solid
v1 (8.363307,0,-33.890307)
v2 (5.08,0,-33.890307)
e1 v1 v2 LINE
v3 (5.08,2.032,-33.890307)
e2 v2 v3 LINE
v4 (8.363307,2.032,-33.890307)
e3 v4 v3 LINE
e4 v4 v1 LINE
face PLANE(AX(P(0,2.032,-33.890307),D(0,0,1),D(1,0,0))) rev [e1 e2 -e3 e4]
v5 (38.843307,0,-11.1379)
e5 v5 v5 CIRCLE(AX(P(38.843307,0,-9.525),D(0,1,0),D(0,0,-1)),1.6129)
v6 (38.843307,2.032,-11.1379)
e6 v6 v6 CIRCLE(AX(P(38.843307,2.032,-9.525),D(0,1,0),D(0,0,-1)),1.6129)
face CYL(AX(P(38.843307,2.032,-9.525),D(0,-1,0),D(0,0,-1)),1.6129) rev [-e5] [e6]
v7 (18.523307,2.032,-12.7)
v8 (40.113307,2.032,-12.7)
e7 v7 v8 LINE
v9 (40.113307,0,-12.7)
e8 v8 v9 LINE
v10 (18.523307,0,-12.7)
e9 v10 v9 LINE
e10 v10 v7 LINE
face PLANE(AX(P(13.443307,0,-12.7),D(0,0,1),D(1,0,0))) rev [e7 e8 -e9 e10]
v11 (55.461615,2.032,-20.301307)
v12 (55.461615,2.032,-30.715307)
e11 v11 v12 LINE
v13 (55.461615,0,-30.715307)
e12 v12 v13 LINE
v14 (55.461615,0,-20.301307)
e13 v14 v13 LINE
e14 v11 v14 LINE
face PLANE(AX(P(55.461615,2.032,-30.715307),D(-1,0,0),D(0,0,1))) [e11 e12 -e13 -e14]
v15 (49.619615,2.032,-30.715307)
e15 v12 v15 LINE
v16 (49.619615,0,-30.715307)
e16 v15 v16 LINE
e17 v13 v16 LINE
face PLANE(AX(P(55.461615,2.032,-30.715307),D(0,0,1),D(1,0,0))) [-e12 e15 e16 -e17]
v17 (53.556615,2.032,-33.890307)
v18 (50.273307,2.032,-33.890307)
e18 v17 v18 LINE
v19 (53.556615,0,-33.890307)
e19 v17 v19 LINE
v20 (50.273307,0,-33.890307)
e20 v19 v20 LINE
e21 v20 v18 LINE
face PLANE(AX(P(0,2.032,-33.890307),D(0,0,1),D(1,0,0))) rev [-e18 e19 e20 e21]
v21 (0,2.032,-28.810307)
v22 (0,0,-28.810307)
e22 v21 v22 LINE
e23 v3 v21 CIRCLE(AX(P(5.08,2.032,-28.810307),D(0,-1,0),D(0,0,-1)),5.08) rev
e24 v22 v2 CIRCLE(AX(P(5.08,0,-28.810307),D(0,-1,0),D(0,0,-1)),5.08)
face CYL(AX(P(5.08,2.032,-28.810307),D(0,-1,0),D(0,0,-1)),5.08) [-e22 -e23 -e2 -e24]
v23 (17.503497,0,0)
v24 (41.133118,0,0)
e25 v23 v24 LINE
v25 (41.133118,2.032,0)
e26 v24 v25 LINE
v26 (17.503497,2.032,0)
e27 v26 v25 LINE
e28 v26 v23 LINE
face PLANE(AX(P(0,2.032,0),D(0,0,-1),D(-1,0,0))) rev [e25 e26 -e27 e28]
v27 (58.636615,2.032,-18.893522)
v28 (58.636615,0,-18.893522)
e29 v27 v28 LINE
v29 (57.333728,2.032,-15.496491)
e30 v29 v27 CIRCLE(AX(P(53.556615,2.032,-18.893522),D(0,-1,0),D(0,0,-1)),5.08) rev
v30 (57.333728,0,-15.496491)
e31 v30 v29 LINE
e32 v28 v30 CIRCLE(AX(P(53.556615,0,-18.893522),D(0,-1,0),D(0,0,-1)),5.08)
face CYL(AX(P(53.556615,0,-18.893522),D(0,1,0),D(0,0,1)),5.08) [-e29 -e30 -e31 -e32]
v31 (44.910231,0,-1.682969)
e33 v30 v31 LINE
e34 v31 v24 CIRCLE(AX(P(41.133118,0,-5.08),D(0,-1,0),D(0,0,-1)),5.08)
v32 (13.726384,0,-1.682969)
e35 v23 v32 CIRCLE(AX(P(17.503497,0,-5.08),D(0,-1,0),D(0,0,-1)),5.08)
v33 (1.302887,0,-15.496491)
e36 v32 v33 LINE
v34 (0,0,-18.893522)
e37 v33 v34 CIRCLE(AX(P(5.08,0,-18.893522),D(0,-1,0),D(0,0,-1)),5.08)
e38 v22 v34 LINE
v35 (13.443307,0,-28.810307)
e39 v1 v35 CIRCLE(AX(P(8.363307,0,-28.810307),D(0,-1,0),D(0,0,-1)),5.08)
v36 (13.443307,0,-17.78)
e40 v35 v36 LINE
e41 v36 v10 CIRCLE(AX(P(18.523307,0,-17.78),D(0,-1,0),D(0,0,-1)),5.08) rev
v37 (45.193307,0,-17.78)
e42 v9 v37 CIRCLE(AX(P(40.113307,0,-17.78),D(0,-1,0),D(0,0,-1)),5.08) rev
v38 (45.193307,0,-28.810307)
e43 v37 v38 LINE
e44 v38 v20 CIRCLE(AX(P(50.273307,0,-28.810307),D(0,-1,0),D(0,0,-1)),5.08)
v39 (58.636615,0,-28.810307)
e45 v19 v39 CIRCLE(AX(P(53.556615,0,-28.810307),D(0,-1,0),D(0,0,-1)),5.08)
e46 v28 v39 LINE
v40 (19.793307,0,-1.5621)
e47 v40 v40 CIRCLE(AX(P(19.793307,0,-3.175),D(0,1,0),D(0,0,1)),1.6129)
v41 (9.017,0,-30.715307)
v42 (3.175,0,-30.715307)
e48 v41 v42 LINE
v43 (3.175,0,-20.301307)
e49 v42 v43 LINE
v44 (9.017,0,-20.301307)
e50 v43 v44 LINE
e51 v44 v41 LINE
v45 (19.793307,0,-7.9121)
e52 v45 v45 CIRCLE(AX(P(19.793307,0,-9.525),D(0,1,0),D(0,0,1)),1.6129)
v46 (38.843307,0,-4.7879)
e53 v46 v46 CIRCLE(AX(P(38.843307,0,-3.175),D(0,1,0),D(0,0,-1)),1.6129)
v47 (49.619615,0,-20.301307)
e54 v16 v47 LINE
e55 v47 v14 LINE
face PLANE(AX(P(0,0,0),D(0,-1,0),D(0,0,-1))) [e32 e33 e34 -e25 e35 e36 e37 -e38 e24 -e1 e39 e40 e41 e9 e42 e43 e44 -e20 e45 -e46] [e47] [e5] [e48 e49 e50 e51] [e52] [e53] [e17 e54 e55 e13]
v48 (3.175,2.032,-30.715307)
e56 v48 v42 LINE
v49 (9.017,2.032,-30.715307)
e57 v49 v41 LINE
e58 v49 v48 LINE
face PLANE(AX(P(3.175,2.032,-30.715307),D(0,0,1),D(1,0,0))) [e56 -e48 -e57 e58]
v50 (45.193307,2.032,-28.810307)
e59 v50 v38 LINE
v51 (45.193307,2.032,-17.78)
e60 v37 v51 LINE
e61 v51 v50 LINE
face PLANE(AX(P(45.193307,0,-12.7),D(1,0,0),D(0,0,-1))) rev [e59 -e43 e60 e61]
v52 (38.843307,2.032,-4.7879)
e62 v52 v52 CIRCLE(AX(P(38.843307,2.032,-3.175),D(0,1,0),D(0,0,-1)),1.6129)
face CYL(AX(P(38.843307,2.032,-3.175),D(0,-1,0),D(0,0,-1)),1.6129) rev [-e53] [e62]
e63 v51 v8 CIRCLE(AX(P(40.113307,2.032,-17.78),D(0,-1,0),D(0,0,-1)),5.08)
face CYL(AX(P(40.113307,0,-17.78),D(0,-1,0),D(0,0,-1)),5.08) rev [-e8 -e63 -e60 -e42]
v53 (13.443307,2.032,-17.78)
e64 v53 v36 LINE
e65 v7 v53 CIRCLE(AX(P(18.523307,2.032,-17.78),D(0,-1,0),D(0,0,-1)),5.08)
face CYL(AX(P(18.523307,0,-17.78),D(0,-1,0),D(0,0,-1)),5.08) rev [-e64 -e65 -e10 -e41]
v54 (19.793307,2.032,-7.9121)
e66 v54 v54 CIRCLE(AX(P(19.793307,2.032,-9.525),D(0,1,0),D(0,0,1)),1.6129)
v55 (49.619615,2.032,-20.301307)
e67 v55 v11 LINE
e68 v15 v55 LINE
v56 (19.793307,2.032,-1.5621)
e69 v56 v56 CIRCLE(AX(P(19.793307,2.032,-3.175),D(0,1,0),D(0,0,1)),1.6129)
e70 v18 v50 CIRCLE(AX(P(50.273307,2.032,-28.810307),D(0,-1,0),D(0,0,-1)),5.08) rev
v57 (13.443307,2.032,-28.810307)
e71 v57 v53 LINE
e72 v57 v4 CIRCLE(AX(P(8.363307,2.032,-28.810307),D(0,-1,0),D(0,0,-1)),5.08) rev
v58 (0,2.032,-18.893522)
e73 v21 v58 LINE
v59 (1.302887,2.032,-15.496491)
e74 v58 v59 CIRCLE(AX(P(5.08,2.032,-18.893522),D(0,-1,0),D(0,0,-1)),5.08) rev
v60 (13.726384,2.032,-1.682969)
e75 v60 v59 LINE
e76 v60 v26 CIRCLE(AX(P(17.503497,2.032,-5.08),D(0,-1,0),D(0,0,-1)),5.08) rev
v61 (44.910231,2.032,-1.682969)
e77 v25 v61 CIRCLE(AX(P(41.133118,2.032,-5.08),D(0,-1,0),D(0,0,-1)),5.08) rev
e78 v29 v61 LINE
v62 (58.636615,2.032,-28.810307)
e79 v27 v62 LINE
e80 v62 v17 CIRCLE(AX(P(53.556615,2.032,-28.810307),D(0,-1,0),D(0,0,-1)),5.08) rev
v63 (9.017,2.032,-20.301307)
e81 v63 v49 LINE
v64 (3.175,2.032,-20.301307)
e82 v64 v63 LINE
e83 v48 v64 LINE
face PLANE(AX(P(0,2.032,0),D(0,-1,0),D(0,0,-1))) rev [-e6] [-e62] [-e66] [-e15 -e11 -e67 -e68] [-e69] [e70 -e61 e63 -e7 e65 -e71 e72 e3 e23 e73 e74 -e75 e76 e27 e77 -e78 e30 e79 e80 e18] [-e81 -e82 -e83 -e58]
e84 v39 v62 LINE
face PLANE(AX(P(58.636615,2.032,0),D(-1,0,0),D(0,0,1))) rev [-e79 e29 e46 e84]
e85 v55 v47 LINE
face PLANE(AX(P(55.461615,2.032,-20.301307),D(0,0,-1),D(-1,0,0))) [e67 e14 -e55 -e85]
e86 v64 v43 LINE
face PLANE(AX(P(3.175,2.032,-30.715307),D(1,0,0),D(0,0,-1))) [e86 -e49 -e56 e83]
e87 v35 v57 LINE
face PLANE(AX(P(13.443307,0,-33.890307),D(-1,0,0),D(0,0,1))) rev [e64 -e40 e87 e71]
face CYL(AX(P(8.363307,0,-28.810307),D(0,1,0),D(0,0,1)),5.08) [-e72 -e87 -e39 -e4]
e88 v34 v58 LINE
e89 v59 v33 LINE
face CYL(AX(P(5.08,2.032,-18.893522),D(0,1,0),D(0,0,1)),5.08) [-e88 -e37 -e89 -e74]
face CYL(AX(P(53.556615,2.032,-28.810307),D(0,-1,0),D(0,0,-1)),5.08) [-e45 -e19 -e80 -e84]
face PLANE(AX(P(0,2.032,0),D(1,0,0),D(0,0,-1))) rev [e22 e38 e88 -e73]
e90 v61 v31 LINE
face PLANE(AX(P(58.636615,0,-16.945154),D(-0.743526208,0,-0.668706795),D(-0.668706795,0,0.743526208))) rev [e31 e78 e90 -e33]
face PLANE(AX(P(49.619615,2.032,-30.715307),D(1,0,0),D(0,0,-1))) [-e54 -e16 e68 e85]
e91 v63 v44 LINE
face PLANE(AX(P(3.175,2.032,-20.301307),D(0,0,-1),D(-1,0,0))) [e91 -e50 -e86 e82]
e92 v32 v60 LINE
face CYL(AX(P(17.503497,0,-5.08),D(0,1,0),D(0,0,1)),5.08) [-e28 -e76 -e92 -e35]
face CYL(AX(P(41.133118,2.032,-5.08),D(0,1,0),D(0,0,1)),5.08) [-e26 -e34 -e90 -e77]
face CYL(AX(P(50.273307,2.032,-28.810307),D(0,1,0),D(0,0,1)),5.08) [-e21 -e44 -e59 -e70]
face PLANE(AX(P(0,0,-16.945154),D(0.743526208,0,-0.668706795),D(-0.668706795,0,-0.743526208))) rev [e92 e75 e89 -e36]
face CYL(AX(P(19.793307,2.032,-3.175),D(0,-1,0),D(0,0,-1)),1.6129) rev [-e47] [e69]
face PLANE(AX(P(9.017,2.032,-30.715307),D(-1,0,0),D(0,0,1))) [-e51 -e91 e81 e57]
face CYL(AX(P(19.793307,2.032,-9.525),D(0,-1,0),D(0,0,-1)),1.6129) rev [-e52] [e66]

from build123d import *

# Parameters (mm, degrees)
SKETCH1_W           = 58.636614691
SKETCH1_H           = 33.890307345
SKETCH1_R           = 1.6129
SKETCH1_W_2         = 5.842
SKETCH1_H_2         = 10.414
BOSS_EXTRUDE1_DEPTH = 2.032
SKETCH2_W           = 31.75
SKETCH2_H           = 21.190307345
CUT_EXTRUDE1_DEPTH  = 68.756435402
FILLET1_R           = 5.08


with BuildPart() as part:
    # Sketch1 → Boss-Extrude1 (new body)
    with BuildSketch(Plane(origin=(0, 0, 0), x_dir=(1, 0, 0), z_dir=(0, 1, 0))):
        with Locations((29.318307346, 16.945153673)):
            Rectangle(SKETCH1_W, SKETCH1_H)
        with Locations(Location((19.793307345, 9.525, 0), (0, 0, 270))):
            Circle(SKETCH1_R, mode=Mode.SUBTRACT)
        with Locations(Location((19.793307345, 3.175, 0), (0, 0, 270))):
            Circle(SKETCH1_R, mode=Mode.SUBTRACT)
        with Locations(Location((38.843307345, 3.175, 0), (0, 0, 90))):
            Circle(SKETCH1_R, mode=Mode.SUBTRACT)
        with Locations(Location((38.843307345, 9.525, 0), (0, 0, 90))):
            Circle(SKETCH1_R, mode=Mode.SUBTRACT)
        with Locations((6.096, 25.508307345)):
            Rectangle(SKETCH1_W_2, SKETCH1_H_2, mode=Mode.SUBTRACT)
        with Locations((52.540614691, 25.508307345)):
            Rectangle(SKETCH1_W_2, SKETCH1_H_2, mode=Mode.SUBTRACT)
    extrude(amount=BOSS_EXTRUDE1_DEPTH)

    # Sketch2 → Cut-Extrude1 (cut, through all)
    with BuildSketch(Plane(origin=(0, 2.032, 0), x_dir=(1, 0, 0), z_dir=(0, 1, 0))):
        with Locations((29.318307345, 23.295153673)):
            Rectangle(SKETCH2_W, SKETCH2_H)
        Polygon((0, 16.945153673), (15.24, 0), (0, 0), align=None)
        Polygon((43.396614691, 0), (58.636614691, 0), (58.636614691, 16.945153673), align=None)
    extrude(amount=-CUT_EXTRUDE1_DEPTH, mode=Mode.SUBTRACT)

    # Fillet1
    fillet1_edges = [part.edges().sort_by_distance(p)[0] for p in [
        (43.396614691, 1.016, 0),
        (58.636614691, 1.016, -16.945153673),
        (0, 1.016, -16.945153673),
        (15.24, 1.016, 0),
        (0, 1.016, -33.890307345),
        (58.636614691, 1.016, -33.890307345),
        (13.443307345, 1.016, -33.890307345),
        (45.193307345, 1.016, -33.890307345),
        (45.193307345, 1.016, -12.7),
        (13.443307345, 1.016, -12.7),
    ]]
    fillet(fillet1_edges, radius=FILLET1_R)


solid = part.part
